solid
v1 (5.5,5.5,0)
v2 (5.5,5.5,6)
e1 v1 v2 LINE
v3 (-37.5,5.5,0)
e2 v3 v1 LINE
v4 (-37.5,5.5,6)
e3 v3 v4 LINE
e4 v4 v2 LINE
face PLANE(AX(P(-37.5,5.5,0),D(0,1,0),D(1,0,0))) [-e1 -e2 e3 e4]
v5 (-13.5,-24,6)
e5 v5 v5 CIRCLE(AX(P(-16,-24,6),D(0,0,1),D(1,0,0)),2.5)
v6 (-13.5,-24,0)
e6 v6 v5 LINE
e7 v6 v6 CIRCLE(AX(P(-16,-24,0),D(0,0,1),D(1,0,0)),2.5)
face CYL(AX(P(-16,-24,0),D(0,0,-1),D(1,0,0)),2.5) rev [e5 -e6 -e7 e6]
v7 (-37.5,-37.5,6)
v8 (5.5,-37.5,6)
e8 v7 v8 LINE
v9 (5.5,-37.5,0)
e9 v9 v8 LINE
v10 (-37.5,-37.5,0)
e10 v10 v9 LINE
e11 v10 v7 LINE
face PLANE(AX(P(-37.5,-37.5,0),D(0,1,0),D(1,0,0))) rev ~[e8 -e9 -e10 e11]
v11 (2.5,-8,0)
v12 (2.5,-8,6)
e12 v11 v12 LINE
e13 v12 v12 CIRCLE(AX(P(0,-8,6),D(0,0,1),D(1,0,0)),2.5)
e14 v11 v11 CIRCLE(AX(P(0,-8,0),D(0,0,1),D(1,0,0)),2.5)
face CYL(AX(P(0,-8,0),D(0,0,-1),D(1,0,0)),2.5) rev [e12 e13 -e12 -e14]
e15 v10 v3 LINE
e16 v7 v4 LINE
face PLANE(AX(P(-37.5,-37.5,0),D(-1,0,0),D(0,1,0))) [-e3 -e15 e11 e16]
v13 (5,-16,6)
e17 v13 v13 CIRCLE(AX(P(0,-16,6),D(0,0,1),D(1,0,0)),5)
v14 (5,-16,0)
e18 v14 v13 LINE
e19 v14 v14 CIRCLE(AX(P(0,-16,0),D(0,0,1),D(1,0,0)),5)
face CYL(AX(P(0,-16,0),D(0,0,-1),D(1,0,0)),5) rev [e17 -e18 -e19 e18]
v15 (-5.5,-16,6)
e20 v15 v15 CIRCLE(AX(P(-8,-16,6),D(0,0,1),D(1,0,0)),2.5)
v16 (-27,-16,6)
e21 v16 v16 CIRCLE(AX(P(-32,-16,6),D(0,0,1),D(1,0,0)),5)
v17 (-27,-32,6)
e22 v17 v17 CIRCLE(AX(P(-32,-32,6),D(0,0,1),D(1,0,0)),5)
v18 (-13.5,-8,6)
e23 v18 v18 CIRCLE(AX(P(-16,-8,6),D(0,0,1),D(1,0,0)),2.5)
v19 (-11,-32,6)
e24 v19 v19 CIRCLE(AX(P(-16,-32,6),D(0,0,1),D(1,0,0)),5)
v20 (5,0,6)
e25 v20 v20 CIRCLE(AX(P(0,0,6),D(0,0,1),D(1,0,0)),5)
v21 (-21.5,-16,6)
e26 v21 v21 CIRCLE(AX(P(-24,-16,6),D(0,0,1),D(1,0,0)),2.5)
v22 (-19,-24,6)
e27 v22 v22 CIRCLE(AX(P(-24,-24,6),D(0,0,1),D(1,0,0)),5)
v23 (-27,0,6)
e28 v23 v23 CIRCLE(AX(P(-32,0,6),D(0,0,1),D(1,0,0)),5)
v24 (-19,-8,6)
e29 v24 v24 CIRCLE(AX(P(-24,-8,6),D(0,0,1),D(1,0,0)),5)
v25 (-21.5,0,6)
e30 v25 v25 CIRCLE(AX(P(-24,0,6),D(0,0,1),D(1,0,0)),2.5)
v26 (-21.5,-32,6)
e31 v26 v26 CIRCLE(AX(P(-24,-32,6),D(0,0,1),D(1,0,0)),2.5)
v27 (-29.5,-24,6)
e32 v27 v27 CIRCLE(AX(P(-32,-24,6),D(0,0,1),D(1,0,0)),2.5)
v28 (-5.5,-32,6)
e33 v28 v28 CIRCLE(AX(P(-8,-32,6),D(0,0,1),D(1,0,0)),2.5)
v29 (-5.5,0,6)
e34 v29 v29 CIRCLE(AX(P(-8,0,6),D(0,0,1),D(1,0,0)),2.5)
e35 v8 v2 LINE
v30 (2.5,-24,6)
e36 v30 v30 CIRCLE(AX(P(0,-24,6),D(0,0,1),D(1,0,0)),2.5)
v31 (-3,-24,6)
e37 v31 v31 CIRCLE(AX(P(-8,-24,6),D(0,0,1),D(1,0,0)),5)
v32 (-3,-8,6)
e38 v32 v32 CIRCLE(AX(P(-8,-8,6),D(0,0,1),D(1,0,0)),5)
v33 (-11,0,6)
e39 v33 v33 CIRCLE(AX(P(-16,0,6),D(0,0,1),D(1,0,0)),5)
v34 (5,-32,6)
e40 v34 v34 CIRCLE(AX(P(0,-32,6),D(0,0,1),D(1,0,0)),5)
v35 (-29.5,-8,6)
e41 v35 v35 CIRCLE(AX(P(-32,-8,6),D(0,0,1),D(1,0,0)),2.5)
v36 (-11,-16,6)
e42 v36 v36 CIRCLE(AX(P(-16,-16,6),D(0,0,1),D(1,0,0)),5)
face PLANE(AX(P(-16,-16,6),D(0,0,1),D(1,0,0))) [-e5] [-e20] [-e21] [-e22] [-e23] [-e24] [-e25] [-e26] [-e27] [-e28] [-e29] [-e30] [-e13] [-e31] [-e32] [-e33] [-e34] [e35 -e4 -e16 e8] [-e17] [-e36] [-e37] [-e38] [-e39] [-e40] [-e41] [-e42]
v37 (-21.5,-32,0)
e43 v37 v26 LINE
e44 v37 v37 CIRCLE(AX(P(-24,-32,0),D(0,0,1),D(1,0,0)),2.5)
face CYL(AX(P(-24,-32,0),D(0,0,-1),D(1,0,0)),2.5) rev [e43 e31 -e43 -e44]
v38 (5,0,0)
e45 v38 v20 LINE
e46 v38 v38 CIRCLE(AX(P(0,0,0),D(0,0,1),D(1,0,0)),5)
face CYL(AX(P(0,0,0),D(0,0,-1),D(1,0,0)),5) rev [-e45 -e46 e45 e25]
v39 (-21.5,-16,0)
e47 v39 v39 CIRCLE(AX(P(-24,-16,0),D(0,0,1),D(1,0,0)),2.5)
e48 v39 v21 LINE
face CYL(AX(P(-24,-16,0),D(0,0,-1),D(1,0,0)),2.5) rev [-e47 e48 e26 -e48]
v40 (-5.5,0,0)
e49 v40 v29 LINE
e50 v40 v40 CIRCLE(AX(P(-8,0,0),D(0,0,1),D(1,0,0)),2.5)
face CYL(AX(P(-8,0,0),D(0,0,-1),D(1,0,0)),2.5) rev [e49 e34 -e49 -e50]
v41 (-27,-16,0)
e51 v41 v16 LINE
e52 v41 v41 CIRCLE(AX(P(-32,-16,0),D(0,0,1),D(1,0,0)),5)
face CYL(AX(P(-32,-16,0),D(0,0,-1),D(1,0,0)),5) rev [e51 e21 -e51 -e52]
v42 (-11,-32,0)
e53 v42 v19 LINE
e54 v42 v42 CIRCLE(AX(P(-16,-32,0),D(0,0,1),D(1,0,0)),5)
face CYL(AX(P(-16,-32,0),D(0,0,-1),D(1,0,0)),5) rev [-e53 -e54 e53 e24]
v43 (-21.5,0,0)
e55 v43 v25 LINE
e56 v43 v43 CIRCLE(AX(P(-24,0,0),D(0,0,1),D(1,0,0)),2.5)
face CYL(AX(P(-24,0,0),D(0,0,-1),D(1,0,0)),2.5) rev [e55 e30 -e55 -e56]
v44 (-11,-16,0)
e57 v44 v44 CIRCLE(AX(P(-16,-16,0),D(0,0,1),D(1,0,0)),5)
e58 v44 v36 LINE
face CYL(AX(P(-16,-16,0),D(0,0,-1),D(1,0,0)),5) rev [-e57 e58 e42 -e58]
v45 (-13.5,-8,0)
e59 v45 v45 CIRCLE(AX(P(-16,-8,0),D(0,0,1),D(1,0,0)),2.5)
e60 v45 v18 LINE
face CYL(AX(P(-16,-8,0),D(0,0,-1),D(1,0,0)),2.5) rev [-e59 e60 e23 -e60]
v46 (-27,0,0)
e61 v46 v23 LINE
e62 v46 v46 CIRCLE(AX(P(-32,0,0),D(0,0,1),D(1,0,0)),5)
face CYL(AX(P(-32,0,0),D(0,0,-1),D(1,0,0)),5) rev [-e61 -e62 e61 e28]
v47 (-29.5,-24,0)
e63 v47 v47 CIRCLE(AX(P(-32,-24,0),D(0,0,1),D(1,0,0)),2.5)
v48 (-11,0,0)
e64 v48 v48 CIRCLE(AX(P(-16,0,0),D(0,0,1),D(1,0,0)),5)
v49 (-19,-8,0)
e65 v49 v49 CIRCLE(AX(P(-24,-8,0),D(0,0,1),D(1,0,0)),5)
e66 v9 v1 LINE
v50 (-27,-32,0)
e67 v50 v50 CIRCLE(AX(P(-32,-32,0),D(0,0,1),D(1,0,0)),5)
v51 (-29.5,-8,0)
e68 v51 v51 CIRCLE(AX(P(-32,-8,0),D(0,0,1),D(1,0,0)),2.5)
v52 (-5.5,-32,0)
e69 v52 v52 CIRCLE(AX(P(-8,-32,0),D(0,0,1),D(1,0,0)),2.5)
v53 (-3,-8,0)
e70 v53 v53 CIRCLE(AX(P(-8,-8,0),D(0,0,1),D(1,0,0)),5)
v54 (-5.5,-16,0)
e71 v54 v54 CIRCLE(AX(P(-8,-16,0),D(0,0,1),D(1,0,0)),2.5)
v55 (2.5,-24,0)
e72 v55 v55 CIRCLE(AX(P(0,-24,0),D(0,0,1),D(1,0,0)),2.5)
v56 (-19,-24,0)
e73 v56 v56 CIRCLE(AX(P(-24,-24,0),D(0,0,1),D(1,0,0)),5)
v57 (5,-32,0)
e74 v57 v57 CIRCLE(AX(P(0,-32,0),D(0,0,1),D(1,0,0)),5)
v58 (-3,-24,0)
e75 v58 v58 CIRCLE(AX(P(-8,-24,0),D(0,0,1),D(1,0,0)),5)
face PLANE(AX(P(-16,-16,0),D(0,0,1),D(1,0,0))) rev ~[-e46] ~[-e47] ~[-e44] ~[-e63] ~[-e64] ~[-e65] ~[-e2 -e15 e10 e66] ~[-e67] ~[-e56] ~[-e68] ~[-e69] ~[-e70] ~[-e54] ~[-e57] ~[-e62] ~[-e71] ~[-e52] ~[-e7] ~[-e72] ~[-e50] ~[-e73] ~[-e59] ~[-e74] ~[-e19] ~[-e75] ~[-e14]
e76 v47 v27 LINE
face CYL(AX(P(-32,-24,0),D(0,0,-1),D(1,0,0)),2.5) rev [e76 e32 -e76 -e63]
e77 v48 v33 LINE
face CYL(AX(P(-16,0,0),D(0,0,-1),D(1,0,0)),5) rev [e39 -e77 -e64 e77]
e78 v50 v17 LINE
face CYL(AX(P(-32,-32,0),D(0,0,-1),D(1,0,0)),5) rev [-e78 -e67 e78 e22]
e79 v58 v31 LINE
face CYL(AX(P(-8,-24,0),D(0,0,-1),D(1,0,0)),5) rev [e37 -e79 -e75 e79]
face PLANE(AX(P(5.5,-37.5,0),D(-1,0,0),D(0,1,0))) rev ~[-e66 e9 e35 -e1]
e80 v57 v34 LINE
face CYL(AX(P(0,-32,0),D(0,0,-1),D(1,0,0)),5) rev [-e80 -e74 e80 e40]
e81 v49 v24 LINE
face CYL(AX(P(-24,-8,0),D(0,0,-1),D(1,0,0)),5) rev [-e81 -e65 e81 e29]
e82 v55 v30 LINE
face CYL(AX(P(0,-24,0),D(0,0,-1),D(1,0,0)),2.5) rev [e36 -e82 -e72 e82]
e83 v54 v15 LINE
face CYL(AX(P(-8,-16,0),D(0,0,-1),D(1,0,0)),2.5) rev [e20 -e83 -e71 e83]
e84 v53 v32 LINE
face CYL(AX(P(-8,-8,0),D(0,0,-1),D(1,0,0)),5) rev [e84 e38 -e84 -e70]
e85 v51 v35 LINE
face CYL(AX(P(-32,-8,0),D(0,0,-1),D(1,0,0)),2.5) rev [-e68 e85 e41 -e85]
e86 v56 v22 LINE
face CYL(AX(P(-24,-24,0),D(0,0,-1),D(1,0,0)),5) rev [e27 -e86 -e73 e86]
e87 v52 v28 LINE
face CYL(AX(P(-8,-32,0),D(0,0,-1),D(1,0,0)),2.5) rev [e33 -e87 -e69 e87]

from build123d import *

# Parameters (mm, degrees)
F0_W     = 43
F0_H     = 43
F0_R     = 5
F0_R_2   = 2.5
F1_DEPTH = 6


with BuildPart() as f1:
    # F0 (on Top) → F1 (new body)
    with BuildSketch(Plane.XY):
        with Locations((-16, -16)):
            Rectangle(F0_W, F0_H)
        with Locations((-32, -32)):
            Circle(F0_R, mode=Mode.SUBTRACT)
        with Locations((-24, -32)):
            Circle(F0_R_2, mode=Mode.SUBTRACT)
        with Locations((-32, -24)):
            Circle(F0_R_2, mode=Mode.SUBTRACT)
        with Locations((-24, -24)):
            Circle(F0_R, mode=Mode.SUBTRACT)
        with Locations((-16, -32)):
            Circle(F0_R, mode=Mode.SUBTRACT)
        with Locations((-8, -32)):
            Circle(F0_R_2, mode=Mode.SUBTRACT)
        with Locations((0, -32)):
            Circle(F0_R, mode=Mode.SUBTRACT)
        with Locations((-16, -24)):
            Circle(F0_R_2, mode=Mode.SUBTRACT)
        with Locations((-8, -24)):
            Circle(F0_R, mode=Mode.SUBTRACT)
        with Locations((0, -24)):
            Circle(F0_R_2, mode=Mode.SUBTRACT)
        with Locations((-32, -16)):
            Circle(F0_R, mode=Mode.SUBTRACT)
        with Locations((-32, -8)):
            Circle(F0_R_2, mode=Mode.SUBTRACT)
        with Locations((-24, -16)):
            Circle(F0_R_2, mode=Mode.SUBTRACT)
        with Locations((-24, -8)):
            Circle(F0_R, mode=Mode.SUBTRACT)
        with Locations((-32, 0)):
            Circle(F0_R, mode=Mode.SUBTRACT)
        with Locations((-24, 0)):
            Circle(F0_R_2, mode=Mode.SUBTRACT)
        with Locations((-16, -16)):
            Circle(F0_R, mode=Mode.SUBTRACT)
        with Locations((-8, -16)):
            Circle(F0_R_2, mode=Mode.SUBTRACT)
        with Locations((-16, -8)):
            Circle(F0_R_2, mode=Mode.SUBTRACT)
        with Locations((-8, -8)):
            Circle(F0_R, mode=Mode.SUBTRACT)
        with Locations((0, -16)):
            Circle(F0_R, mode=Mode.SUBTRACT)
        with Locations((0, -8)):
            Circle(F0_R_2, mode=Mode.SUBTRACT)
        with Locations((-16, 0)):
            Circle(F0_R, mode=Mode.SUBTRACT)
        with Locations((-8, 0)):
            Circle(F0_R_2, mode=Mode.SUBTRACT)
        Circle(F0_R, mode=Mode.SUBTRACT)
    extrude(amount=F1_DEPTH)


solid = f1.part
